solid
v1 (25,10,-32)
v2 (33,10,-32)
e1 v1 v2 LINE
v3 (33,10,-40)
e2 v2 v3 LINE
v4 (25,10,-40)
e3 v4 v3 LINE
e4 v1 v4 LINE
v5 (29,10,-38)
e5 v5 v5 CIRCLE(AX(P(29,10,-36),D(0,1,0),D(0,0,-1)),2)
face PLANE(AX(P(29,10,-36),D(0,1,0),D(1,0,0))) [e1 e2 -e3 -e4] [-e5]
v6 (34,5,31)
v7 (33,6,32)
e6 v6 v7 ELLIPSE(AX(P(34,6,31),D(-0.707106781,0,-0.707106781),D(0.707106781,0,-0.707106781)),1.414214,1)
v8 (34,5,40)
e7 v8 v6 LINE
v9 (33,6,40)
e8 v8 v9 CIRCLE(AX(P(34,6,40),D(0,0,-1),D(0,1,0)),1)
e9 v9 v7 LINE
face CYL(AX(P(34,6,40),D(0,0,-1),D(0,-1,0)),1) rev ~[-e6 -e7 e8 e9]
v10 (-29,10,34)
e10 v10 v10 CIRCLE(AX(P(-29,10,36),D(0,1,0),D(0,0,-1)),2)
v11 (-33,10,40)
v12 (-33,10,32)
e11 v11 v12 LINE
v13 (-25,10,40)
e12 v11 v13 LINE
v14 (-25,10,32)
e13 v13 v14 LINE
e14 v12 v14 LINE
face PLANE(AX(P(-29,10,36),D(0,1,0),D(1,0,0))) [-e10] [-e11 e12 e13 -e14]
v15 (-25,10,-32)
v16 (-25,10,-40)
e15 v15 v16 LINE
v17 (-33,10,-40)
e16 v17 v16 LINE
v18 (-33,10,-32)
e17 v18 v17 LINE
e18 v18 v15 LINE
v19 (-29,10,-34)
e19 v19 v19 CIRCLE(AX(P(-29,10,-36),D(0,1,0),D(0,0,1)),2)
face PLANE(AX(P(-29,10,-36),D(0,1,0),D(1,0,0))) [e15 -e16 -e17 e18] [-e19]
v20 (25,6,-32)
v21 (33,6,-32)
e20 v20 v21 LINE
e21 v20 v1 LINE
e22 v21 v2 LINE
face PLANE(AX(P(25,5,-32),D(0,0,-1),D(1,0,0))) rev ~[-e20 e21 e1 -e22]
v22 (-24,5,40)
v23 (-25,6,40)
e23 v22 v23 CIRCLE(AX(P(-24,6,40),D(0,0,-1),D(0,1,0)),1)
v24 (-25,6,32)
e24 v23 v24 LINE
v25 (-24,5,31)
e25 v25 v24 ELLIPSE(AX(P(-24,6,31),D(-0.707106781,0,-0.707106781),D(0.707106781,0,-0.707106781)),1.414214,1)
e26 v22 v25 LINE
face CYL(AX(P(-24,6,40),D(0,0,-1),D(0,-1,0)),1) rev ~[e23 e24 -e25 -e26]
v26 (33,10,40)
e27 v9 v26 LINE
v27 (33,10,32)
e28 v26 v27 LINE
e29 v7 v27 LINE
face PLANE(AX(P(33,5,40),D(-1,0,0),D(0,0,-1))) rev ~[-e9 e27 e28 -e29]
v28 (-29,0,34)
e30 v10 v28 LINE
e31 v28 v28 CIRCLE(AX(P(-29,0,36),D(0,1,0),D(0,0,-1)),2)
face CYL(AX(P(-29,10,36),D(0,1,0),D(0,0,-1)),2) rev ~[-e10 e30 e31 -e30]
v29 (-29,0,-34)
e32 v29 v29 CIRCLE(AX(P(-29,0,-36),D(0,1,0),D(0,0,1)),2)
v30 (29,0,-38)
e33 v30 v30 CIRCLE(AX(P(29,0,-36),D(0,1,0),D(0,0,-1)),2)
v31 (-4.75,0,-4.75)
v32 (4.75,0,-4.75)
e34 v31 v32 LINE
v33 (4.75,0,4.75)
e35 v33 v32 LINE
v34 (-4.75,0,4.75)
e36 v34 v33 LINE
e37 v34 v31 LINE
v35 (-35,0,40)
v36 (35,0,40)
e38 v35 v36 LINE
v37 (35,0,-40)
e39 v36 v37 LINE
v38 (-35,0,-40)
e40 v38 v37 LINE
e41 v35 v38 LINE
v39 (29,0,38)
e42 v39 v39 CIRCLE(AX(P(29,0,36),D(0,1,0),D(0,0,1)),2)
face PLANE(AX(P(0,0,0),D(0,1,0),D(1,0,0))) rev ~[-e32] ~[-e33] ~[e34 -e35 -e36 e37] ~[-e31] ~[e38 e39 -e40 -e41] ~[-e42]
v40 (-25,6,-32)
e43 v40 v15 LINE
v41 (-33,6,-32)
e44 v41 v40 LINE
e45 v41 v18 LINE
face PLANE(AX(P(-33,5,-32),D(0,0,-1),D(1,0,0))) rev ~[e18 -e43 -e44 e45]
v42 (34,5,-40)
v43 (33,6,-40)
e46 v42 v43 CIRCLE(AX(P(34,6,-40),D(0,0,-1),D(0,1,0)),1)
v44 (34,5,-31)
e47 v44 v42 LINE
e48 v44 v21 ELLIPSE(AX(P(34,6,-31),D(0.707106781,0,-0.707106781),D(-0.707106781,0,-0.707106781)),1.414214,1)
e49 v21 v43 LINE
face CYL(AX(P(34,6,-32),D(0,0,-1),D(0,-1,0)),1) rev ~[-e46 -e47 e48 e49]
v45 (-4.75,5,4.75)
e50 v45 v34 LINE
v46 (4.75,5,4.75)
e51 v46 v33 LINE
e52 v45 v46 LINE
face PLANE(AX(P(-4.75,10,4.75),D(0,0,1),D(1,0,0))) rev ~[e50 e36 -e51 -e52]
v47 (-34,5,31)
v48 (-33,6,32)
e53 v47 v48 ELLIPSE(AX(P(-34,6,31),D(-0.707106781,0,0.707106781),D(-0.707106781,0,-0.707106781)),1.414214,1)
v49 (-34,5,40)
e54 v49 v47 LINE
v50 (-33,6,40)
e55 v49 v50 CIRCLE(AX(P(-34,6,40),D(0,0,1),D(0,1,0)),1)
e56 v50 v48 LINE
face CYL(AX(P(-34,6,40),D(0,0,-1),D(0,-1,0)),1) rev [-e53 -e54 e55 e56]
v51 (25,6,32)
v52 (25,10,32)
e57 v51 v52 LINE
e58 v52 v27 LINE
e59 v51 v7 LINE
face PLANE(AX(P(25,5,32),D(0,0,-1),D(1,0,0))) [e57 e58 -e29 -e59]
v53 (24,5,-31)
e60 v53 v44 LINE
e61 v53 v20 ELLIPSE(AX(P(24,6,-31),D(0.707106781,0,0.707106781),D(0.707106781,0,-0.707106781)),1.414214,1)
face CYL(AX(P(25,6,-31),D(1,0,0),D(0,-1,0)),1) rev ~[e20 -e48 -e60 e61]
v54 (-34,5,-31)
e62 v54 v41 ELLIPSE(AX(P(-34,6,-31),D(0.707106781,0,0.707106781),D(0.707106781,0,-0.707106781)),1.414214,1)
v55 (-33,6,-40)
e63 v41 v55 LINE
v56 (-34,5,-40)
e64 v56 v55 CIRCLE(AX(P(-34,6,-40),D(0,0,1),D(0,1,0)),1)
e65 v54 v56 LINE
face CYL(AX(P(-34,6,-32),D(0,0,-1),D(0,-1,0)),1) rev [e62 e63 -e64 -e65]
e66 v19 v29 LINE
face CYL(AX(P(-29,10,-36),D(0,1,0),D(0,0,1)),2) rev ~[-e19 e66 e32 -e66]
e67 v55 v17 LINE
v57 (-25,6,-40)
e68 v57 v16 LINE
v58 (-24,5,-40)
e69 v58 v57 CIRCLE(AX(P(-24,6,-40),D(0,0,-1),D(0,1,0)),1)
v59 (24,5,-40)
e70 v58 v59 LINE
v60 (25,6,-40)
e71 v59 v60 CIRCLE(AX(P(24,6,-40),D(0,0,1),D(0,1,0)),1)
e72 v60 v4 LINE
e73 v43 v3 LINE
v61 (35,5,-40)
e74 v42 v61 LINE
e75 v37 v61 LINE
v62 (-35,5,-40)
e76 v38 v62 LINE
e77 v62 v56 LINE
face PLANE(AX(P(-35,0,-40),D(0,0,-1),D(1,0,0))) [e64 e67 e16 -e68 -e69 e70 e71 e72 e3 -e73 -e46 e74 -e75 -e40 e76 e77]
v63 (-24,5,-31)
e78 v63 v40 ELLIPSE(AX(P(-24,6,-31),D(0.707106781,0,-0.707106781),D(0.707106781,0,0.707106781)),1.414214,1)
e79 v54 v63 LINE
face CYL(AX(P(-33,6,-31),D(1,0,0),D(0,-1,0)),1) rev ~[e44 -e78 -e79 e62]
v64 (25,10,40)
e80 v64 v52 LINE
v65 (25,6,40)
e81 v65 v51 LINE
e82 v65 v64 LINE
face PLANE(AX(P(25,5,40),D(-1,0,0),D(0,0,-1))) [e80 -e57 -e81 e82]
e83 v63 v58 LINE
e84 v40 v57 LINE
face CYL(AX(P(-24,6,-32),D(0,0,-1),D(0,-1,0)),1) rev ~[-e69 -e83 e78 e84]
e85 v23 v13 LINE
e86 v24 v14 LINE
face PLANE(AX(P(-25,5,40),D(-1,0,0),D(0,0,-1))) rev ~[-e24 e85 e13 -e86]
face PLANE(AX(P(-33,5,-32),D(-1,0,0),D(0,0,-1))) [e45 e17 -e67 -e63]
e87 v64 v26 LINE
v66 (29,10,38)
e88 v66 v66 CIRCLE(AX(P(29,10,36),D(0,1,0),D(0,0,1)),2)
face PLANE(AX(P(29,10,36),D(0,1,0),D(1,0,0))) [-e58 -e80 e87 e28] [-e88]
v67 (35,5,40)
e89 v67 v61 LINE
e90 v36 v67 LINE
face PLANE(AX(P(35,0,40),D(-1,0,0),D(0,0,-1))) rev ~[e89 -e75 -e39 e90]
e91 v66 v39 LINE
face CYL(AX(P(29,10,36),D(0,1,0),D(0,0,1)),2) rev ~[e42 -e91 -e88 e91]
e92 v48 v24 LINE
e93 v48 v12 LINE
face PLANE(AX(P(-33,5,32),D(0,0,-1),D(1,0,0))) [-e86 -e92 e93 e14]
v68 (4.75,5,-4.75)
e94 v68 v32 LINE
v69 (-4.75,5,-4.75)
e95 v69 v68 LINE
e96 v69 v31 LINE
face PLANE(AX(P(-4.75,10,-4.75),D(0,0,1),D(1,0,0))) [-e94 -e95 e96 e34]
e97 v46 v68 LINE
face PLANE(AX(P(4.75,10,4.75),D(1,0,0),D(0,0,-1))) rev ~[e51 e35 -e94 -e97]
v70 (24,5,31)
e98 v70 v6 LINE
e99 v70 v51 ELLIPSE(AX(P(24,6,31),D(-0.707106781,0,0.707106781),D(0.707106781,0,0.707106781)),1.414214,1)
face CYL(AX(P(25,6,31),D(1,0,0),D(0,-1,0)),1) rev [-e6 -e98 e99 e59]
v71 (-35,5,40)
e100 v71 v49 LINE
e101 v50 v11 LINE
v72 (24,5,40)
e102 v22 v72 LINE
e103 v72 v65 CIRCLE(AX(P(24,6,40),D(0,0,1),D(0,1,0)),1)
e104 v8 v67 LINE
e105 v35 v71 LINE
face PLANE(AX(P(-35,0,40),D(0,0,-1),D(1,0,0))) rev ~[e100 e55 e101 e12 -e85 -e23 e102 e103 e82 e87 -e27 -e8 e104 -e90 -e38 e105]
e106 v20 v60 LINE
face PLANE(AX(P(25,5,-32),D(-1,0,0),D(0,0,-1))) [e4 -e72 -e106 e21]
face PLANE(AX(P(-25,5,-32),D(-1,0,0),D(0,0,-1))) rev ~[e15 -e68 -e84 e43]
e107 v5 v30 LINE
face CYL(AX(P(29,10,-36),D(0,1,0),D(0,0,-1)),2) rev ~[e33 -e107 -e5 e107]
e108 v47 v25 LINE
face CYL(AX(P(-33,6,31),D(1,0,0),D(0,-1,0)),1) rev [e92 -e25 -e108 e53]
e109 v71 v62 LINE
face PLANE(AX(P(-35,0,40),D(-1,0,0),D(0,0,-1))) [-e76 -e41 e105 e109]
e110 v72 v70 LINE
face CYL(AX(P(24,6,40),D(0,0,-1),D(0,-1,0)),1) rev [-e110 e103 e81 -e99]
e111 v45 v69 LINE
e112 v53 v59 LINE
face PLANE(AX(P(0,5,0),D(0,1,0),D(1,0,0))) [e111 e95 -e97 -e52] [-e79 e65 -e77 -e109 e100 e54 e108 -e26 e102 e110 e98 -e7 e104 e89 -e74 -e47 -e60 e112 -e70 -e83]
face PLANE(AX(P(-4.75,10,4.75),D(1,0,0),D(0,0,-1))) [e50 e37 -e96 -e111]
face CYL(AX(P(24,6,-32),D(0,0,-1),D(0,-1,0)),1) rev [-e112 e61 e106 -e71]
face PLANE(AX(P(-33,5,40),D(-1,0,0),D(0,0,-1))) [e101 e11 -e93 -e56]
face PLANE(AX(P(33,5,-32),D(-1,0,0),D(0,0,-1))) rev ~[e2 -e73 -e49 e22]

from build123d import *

# Parameters (mm, degrees)
SKETCH_1_W          = 70
SKETCH_1_H          = 80
EXTRUDE_1_DEPTH     = 5
SKETCH_3_W          = 8
SKETCH_3_H          = 8
EXTRUDE_3_DEPTH     = 5
SKETCH_12_R         = 2
SKETCH_12_W         = 9.5
SKETCH_12_H         = 9.5
CUT_EXTRUDE_2_DEPTH = 10
FILLET_1_R          = 1


with BuildPart() as part:
    # 草圖1 → 填料-伸長1 (new body)
    with BuildSketch(Plane(origin=(0, 0, 0), x_dir=(1, 0, 0), z_dir=(0, 1, 0))):
        Rectangle(SKETCH_1_W, SKETCH_1_H)
    extrude(amount=EXTRUDE_1_DEPTH)

    # 草圖3 → 填料-伸長3 (add)
    with BuildSketch(Plane(origin=(0, 5, 0), x_dir=(1, 0, 0), z_dir=(0, 1, 0))):
        with Locations((-29, -36)):
            Rectangle(SKETCH_3_W, SKETCH_3_H)
        with Locations((-29, 36)):
            Rectangle(SKETCH_3_W, SKETCH_3_H)
        with Locations((29, -36)):
            Rectangle(SKETCH_3_W, SKETCH_3_H)
        with Locations((29, 36)):
            Rectangle(SKETCH_3_W, SKETCH_3_H)
    extrude(amount=EXTRUDE_3_DEPTH)

    # 草圖12 → 除料-伸長2 (cut)
    with BuildSketch(Plane(origin=(0, 10, 0), x_dir=(1, 0, 0), z_dir=(0, 1, 0))):
        with Locations(Location((-29, 36, 0), (0, 0, 270))):
            Circle(SKETCH_12_R)
        with Locations(Location((-29, -36, 0), (0, 0, 90))):
            Circle(SKETCH_12_R)
        with Locations(Location((29, -36, 0), (0, 0, 270))):
            Circle(SKETCH_12_R)
        with Locations(Location((29, 36, 0), (0, 0, 90))):
            Circle(SKETCH_12_R)
        Rectangle(SKETCH_12_W, SKETCH_12_H)
    extrude(amount=-CUT_EXTRUDE_2_DEPTH, mode=Mode.SUBTRACT)

    # 圓角1
    fillet_1_edges = [part.edges().sort_by_distance(p)[0] for p in [
        (-33, 5, 36),
        (-25, 5, 36),
        (-29, 5, 32),
        (-33, 5, -36),
        (-29, 5, -32),
        (-25, 5, -36),
        (33, 5, 36),
        (29, 5, 32),
        (25, 5, 36),
        (33, 5, -36),
        (25, 5, -36),
        (29, 5, -32),
    ]]
    fillet(fillet_1_edges, radius=FILLET_1_R)


solid = part.part
